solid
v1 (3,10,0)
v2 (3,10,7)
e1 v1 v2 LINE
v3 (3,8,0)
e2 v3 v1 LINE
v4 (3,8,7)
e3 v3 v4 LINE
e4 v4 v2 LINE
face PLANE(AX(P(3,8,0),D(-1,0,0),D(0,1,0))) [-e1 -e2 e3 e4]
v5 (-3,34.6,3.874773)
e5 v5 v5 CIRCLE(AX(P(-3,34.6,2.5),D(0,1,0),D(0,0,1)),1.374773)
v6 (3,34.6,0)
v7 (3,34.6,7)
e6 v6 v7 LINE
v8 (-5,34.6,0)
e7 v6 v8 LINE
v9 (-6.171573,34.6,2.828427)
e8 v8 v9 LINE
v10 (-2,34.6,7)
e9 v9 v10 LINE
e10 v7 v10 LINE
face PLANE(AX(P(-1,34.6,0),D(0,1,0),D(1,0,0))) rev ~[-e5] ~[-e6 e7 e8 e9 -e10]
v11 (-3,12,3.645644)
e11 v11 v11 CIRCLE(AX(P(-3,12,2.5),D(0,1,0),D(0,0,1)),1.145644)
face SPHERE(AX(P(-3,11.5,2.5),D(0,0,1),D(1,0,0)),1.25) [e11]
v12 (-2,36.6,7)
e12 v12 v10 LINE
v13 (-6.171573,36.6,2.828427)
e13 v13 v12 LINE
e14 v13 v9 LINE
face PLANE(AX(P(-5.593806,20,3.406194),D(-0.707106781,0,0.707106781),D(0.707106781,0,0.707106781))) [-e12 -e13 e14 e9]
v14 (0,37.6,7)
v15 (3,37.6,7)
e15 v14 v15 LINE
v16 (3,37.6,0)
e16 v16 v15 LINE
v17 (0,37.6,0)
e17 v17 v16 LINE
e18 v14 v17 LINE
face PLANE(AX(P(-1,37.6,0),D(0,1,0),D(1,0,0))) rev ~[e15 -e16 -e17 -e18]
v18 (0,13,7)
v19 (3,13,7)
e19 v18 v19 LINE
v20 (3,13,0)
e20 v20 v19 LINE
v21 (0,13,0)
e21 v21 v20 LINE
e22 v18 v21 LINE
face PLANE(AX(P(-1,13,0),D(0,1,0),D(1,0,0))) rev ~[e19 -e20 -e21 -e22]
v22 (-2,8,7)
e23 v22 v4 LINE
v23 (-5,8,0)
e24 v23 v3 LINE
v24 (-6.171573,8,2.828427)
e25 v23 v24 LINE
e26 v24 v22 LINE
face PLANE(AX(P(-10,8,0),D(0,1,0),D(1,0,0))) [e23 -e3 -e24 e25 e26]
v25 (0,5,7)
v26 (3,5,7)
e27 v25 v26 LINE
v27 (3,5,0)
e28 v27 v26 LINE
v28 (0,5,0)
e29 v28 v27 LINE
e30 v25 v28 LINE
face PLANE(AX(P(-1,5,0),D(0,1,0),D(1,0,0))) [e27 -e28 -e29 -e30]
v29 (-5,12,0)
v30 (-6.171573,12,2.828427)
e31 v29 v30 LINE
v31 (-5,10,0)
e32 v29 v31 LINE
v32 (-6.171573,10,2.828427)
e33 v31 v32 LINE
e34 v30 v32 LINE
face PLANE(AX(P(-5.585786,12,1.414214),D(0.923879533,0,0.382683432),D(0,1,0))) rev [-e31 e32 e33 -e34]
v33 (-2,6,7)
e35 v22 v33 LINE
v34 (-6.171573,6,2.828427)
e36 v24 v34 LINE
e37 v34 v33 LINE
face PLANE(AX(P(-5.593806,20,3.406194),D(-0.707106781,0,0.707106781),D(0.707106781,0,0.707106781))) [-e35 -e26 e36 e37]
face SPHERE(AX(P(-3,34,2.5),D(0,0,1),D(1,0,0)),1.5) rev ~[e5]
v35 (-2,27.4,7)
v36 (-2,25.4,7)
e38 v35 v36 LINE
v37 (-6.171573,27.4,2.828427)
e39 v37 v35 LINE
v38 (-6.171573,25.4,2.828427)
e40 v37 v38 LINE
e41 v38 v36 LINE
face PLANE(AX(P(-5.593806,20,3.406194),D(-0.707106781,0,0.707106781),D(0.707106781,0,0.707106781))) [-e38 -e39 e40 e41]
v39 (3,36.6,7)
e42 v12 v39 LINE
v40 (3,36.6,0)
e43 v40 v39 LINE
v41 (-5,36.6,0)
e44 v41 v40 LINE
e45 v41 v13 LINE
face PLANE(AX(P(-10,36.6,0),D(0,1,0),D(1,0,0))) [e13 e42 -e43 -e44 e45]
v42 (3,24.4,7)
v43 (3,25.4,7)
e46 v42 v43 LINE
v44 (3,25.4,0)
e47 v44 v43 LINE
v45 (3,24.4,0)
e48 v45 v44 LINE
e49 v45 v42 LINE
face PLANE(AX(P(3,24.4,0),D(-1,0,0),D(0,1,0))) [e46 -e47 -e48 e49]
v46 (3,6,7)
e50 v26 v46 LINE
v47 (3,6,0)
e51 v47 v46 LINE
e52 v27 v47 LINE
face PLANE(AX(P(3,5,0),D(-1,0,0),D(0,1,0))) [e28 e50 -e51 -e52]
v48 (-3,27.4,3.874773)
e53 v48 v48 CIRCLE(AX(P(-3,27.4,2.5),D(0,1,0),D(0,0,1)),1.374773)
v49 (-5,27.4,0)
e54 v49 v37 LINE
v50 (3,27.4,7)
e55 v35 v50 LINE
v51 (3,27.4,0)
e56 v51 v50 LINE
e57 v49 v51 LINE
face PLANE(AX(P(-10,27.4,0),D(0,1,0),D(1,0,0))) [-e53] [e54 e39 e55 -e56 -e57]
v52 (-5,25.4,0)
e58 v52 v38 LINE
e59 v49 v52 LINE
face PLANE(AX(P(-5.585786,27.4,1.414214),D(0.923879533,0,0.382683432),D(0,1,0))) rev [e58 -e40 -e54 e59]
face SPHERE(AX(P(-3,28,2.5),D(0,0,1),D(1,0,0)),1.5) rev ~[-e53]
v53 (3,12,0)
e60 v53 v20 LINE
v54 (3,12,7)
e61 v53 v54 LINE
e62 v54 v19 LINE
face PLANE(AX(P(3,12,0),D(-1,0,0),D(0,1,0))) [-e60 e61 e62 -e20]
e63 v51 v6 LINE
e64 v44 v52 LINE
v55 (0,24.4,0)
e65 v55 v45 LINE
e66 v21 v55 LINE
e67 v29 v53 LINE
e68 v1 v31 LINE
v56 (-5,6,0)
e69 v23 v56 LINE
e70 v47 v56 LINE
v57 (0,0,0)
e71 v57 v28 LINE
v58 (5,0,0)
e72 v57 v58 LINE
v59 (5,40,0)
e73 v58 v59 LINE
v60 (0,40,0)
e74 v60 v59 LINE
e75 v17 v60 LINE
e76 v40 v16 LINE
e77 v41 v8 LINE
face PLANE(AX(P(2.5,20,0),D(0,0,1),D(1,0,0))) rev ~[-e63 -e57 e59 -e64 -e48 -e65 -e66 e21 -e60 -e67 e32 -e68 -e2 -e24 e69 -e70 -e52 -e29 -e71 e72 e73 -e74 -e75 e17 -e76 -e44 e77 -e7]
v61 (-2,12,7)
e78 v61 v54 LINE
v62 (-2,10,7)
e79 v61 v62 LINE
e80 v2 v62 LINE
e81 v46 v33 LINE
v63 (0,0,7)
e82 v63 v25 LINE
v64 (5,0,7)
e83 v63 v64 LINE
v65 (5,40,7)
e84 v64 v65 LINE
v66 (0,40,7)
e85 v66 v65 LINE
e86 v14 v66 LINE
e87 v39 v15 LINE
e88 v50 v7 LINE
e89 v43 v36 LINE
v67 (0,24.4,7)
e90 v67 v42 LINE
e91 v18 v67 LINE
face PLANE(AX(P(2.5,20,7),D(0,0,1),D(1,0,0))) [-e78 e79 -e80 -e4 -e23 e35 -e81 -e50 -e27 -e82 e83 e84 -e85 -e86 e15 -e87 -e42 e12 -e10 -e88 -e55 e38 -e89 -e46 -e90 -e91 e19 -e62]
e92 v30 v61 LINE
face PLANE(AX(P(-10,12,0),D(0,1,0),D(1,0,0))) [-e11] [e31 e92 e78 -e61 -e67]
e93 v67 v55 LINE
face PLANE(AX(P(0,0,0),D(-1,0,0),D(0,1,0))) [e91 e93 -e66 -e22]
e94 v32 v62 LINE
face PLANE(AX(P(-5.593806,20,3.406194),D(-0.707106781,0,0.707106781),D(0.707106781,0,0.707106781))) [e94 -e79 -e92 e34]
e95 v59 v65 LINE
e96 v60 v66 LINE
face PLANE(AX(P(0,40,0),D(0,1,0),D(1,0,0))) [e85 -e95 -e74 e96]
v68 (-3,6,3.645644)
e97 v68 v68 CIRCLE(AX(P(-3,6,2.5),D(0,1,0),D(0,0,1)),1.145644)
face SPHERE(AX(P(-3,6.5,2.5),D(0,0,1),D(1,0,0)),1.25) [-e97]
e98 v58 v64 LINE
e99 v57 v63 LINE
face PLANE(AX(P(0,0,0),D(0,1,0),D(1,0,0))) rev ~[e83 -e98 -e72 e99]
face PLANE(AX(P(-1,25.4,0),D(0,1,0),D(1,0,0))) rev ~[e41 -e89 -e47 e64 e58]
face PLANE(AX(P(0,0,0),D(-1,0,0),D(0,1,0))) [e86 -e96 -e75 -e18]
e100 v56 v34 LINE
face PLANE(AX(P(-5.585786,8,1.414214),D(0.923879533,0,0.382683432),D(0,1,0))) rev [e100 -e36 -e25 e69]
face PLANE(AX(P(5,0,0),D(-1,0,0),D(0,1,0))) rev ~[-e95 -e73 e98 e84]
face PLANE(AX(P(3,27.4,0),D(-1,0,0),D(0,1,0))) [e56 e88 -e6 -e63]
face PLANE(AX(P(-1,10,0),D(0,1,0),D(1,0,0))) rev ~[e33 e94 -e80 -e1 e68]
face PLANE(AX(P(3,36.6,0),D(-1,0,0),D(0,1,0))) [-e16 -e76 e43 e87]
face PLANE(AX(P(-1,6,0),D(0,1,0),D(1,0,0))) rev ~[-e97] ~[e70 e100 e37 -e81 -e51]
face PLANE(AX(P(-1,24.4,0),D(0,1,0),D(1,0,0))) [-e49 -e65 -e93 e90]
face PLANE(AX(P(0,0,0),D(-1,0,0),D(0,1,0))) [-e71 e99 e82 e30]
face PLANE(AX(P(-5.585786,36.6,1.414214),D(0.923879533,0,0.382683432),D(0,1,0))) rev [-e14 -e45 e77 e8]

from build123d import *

# Parameters (mm, degrees)
BOX008_W           = 4
BOX008_H           = 1
BOX008_DEPTH       = 7
BOX010_W           = 4
BOX010_H           = 1
BOX010_DEPTH       = 7
BOX007_W           = 4
BOX007_H           = 2
BOX007_DEPTH       = 7
BOX009_W           = 4
BOX009_H           = 1
BOX009_DEPTH       = 7
BOX006_W           = 4
BOX006_H           = 1
BOX006_DEPTH       = 7
BOX011_W           = 4
BOX011_H           = 7.2
BOX011_DEPTH       = 7
BOX005_W           = 13
BOX005_H           = 40
BOX005_DEPTH       = 10
BOX005_PITCH_ANGLE = -45
BOX_W              = 10
BOX_H              = 2
BOX_DEPTH          = 7
BOX002_W           = 10
BOX002_H           = 2
BOX002_DEPTH       = 7
BOX003_W           = 10
BOX003_H           = 2
BOX003_DEPTH       = 7
BOX004_W           = 10
BOX004_H           = 2
BOX004_DEPTH       = 7
BOX001_W           = 5
BOX001_H           = 40
BOX001_DEPTH       = 7
CHAMFER_SIZE       = 4


with BuildPart() as cube008:
    # Box008 → Box008 (new body)
    with BuildSketch(Plane(origin=(-1, 12, 0), x_dir=(1, 0, 0), z_dir=(0, 0, 1))):
        with Locations((2, 0.5)):
            Rectangle(BOX008_W, BOX008_H)
    extrude(amount=BOX008_DEPTH)


with BuildPart() as cube010:
    # Box010 → Box010 (new body)
    with BuildSketch(Plane(origin=(-1, 36.6, 0), x_dir=(1, 0, 0), z_dir=(0, 0, 1))):
        with Locations((2, 0.5)):
            Rectangle(BOX010_W, BOX010_H)
    extrude(amount=BOX010_DEPTH)


with BuildPart() as cube007:
    # Box007 → Box007 (new body)
    with BuildSketch(Plane(origin=(-1, 8, 0), x_dir=(1, 0, 0), z_dir=(0, 0, 1))):
        with Locations((2, 1)):
            Rectangle(BOX007_W, BOX007_H)
    extrude(amount=BOX007_DEPTH)


with BuildPart() as cube009:
    # Box009 → Box009 (new body)
    with BuildSketch(Plane(origin=(-1, 24.4, 0), x_dir=(1, 0, 0), z_dir=(0, 0, 1))):
        with Locations((2, 0.5)):
            Rectangle(BOX009_W, BOX009_H)
    extrude(amount=BOX009_DEPTH)


with BuildPart() as cube006:
    # Box006 → Box006 (new body)
    with BuildSketch(Plane(origin=(-1, 5, 0), x_dir=(1, 0, 0), z_dir=(0, 0, 1))):
        with Locations((2, 0.5)):
            Rectangle(BOX006_W, BOX006_H)
    extrude(amount=BOX006_DEPTH)


with BuildPart() as fusion003:
    # Box011 → Box011 (new body)
    with BuildSketch(Plane(origin=(-1, 27.4, 0), x_dir=(1, 0, 0), z_dir=(0, 0, 1))):
        with Locations((2, 3.6)):
            Rectangle(BOX011_W, BOX011_H)
    extrude(amount=BOX011_DEPTH)

    # Fusion003: union Cube008, Cube010, Cube007, Cube009, Cube006
    add(cube008.part)
    add(cube010.part)
    add(cube007.part)
    add(cube009.part)
    add(cube006.part)


with BuildPart() as sphere010:
    # Sphere010 → Sphere010 (revolve)
    with BuildSketch(Plane(origin=(-3, 28, 2.5), x_dir=(1, 0, 0), z_dir=(0, -1, 0))):
        with BuildLine():
            ThreePointArc((0, -1.5), (1.5, 0), (0, 1.5))
            Line((0, 1.5), (0, -1.5))
        make_face()
    revolve(axis=Axis((-3, 28, 2.5), (0, 0, 1)))


with BuildPart() as fusion002:
    # Sphere011 → Sphere011 (revolve)
    with BuildSketch(Plane(origin=(-3, 34, 2.5), x_dir=(1, 0, 0), z_dir=(0, -1, 0))):
        with BuildLine():
            ThreePointArc((0, -1.5), (1.5, 0), (0, 1.5))
            Line((0, 1.5), (0, -1.5))
        make_face()
    revolve(axis=Axis((-3, 34, 2.5), (0, 0, 1)))

    # Fusion002: union Sphere010
    add(sphere010.part)


with BuildPart() as sphere009:
    # Sphere009 → Sphere009 (revolve)
    with BuildSketch(Plane(origin=(-3, 11.5, 2.5), x_dir=(1, 0, 0), z_dir=(0, -1, 0))):
        with BuildLine():
            ThreePointArc((0, -1.25), (1.25, 0), (0, 1.25))
            Line((0, 1.25), (0, -1.25))
        make_face()
    revolve(axis=Axis((-3, 11.5, 2.5), (0, 0, 1)))


with BuildPart() as cube005:
    # Box005 → Box005 (new body)
    with BuildSketch(Plane.XY):
        with Locations((6.5, 20)):
            Rectangle(BOX005_W, BOX005_H)
    extrude(amount=BOX005_DEPTH)


with BuildPart() as cube005_1:
    # Box005 pitch: moved
    add(cube005.part.rotate(Axis((0, 0, 0), (0, 1, 0)), BOX005_PITCH_ANGLE))


with BuildPart() as cube005_2:
    # Box005 placement: moved
    add(cube005_1.part.moved(Location((-10.19, 0, -1.19))))


with BuildPart() as cube:
    # Box → Box (new body)
    with BuildSketch(Plane(origin=(-10, 6, 0), x_dir=(1, 0, 0), z_dir=(0, 0, 1))):
        with Locations((5, 1)):
            Rectangle(BOX_W, BOX_H)
    extrude(amount=BOX_DEPTH)


with BuildPart() as cube002:
    # Box002 → Box002 (new body)
    with BuildSketch(Plane(origin=(-10, 10, 0), x_dir=(1, 0, 0), z_dir=(0, 0, 1))):
        with Locations((5, 1)):
            Rectangle(BOX002_W, BOX002_H)
    extrude(amount=BOX002_DEPTH)


with BuildPart() as cube003:
    # Box003 → Box003 (new body)
    with BuildSketch(Plane(origin=(-10, 25.4, 0), x_dir=(1, 0, 0), z_dir=(0, 0, 1))):
        with Locations((5, 1)):
            Rectangle(BOX003_W, BOX003_H)
    extrude(amount=BOX003_DEPTH)


with BuildPart() as cube004:
    # Box004 → Box004 (new body)
    with BuildSketch(Plane(origin=(-10, 34.6, 0), x_dir=(1, 0, 0), z_dir=(0, 0, 1))):
        with Locations((5, 1)):
            Rectangle(BOX004_W, BOX004_H)
    extrude(amount=BOX004_DEPTH)


with BuildPart() as cut:
    # Box001 → Box001 (new body)
    with BuildSketch(Plane.XY):
        with Locations((2.5, 20)):
            Rectangle(BOX001_W, BOX001_H)
    extrude(amount=BOX001_DEPTH)

    # Fusion: union Cube, Cube002, Cube003, Cube004
    add(cube.part)
    add(cube002.part)
    add(cube003.part)
    add(cube004.part)

    # Cut: cut Cube005
    add(cube005_2.part, mode=Mode.SUBTRACT)


with BuildPart() as cut002:
    # Sphere008 → Sphere008 (revolve)
    with BuildSketch(Plane(origin=(-3, 6.5, 2.5), x_dir=(1, 0, 0), z_dir=(0, -1, 0))):
        with BuildLine():
            ThreePointArc((0, -1.25), (1.25, 0), (0, 1.25))
            Line((0, 1.25), (0, -1.25))
        make_face()
    revolve(axis=Axis((-3, 6.5, 2.5), (0, 0, 1)))

    # Fusion001: union Sphere009, Cut
    add(sphere009.part)
    add(cut.part)

    # Cut001: cut Fusion002
    add(fusion002.part, mode=Mode.SUBTRACT)

    # Chamfer
    chamfer_edges = [cut002.edges().sort_by_distance(p)[0] for p in [
        (-9, 7, 0),
        (-9, 11, 0),
        (-9, 35.6, 0),
        (-9, 26.4, 0),
    ]]
    chamfer(chamfer_edges, length=CHAMFER_SIZE)

    # Cut002: cut Fusion003
    add(fusion003.part, mode=Mode.SUBTRACT)


solid = cut002.part
